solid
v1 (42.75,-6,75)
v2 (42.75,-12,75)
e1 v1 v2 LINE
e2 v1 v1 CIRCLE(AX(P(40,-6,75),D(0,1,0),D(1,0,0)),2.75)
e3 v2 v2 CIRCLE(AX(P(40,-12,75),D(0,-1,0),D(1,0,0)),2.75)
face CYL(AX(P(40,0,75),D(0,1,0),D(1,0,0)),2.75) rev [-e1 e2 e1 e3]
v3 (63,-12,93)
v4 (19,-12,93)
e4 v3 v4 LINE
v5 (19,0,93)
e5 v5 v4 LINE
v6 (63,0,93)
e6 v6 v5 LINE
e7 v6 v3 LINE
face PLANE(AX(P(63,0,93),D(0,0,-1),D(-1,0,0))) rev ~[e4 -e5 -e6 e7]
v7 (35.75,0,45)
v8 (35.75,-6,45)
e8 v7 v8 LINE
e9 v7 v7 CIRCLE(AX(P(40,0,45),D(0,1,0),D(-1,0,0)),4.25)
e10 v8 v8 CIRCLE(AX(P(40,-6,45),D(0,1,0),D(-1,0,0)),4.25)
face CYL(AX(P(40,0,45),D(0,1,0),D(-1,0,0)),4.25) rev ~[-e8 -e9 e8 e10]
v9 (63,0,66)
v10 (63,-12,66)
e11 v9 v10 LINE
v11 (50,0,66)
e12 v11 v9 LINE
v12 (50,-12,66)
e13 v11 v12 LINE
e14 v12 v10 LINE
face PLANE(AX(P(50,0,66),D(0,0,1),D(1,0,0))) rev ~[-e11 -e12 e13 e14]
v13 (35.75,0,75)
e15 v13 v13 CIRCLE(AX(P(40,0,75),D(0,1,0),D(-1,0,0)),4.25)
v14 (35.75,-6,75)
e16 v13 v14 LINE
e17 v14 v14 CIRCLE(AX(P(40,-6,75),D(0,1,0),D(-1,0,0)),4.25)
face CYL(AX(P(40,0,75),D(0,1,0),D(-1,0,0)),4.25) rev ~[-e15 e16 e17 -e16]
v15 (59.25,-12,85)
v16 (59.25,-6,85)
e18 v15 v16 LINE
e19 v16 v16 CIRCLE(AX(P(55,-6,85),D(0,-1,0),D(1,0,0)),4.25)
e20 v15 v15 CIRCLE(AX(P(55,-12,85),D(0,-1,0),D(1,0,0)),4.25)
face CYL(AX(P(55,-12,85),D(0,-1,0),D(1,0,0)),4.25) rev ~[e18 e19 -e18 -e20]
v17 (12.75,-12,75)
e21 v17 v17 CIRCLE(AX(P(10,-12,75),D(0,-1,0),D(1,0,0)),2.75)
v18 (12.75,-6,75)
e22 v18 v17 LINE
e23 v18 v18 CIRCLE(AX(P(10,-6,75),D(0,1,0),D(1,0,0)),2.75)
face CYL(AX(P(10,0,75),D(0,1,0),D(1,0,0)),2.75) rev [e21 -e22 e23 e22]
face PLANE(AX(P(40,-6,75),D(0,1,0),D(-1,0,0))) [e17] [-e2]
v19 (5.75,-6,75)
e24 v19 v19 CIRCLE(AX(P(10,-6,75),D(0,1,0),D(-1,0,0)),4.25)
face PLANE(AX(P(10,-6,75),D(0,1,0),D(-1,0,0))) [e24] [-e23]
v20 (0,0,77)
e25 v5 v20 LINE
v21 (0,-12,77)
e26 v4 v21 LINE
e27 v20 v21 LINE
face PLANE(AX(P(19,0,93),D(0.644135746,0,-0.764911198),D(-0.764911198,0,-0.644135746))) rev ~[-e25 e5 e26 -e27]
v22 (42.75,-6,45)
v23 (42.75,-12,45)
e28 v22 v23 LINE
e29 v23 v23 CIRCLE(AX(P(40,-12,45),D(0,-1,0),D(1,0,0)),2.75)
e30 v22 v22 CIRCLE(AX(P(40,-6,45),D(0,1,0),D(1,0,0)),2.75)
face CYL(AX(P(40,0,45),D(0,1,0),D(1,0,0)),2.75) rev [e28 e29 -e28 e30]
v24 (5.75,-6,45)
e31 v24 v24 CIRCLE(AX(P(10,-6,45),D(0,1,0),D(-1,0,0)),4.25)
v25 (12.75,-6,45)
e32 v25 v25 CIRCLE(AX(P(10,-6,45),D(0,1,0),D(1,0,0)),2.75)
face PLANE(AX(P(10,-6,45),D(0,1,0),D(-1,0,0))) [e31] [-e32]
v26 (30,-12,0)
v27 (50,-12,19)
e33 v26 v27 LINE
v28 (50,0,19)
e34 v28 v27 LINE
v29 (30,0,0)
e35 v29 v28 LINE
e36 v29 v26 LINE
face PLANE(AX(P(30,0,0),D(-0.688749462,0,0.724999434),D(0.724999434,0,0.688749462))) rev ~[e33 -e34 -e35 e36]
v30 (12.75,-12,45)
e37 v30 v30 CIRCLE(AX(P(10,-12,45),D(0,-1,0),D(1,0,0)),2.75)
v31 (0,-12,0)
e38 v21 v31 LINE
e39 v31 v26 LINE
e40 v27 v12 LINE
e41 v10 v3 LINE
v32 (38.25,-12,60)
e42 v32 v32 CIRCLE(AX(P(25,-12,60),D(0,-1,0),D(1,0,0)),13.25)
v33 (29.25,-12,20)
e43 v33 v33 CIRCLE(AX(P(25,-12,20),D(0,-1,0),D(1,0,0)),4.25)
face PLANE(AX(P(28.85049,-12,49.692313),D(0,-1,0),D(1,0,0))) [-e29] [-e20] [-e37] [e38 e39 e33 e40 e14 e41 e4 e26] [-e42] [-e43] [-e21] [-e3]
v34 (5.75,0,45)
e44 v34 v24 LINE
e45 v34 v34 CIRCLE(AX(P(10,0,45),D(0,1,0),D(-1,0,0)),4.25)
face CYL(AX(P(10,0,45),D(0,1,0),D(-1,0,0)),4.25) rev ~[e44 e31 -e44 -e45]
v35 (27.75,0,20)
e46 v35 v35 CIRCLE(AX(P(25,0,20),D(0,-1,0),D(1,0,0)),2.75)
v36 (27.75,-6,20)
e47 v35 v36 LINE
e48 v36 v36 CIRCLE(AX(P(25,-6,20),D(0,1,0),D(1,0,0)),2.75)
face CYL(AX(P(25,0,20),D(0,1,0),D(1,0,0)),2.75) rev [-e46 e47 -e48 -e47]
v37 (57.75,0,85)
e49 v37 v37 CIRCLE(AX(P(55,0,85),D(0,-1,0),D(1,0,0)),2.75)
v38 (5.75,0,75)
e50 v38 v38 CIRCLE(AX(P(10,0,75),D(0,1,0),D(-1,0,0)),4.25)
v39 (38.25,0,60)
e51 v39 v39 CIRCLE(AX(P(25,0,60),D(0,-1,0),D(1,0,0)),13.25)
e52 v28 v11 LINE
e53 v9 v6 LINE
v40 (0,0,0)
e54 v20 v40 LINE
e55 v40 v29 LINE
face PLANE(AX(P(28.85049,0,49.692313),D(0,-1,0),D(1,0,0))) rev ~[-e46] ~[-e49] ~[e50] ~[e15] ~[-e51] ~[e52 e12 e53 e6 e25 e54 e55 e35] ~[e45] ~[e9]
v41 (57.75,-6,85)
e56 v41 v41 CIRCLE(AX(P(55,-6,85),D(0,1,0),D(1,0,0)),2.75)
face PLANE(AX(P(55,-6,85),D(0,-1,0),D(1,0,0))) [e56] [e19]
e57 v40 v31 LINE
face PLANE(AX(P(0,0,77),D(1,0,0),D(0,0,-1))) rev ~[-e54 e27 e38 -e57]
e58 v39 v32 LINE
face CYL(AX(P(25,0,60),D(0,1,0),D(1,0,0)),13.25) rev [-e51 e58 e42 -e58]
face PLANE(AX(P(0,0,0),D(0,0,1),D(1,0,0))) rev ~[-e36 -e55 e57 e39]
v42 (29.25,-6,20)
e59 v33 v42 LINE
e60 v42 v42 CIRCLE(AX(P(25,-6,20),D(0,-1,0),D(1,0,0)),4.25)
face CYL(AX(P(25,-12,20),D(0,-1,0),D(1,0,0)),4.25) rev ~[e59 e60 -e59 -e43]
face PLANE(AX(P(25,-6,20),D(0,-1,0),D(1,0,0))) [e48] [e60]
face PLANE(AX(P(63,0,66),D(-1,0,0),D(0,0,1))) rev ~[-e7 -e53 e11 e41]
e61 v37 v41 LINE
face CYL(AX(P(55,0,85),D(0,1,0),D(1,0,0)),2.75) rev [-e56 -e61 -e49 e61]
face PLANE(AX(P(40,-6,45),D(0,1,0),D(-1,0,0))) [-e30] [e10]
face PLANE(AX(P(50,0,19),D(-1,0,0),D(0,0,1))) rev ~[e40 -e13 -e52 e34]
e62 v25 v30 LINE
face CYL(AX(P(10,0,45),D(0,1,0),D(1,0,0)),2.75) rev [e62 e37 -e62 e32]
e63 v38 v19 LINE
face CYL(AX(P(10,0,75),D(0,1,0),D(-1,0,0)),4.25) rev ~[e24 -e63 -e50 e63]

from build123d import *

# Parameters (mm, degrees)
F0_R     = 2.75
F0_R_2   = 13.25
F1_DEPTH = 12
F2_R     = 4.25
F3_DEPTH = 6
F4_R     = 4.25
F5_DEPTH = 6


with BuildPart() as f1:
    # F0 (on Front) → F1 (new body)
    with BuildSketch(Plane.XZ):
        Polygon((19, 93), (0, 77), (0, 0), (30, 0), (50, 19), (50, 66), (63, 66), (63, 93), align=None)
        with Locations((25, 20)):
            Circle(F0_R, mode=Mode.SUBTRACT)
        with Locations((10, 45)):
            Circle(F0_R, mode=Mode.SUBTRACT)
        with Locations((40, 45)):
            Circle(F0_R, mode=Mode.SUBTRACT)
        with Locations((25, 60)):
            Circle(F0_R_2, mode=Mode.SUBTRACT)
        with Locations((10, 75)):
            Circle(F0_R, mode=Mode.SUBTRACT)
        with Locations((40, 75)):
            Circle(F0_R, mode=Mode.SUBTRACT)
        with Locations((55, 85)):
            Circle(F0_R, mode=Mode.SUBTRACT)
    extrude(amount=F1_DEPTH)

    # F2 (on face) → F3 (cut)
    with BuildSketch(Plane.XZ.offset(12)):
        with Locations((55, 85)):
            Circle(F2_R)
        with Locations((25, 20)):
            Circle(F2_R)
    extrude(amount=-F3_DEPTH, mode=Mode.SUBTRACT)

    # F4 (on face) → F5 (cut)
    with BuildSketch(Plane(origin=(0, 0, 0), x_dir=(-1, 0, 0), z_dir=(0, 1, 0))):
        with Locations((-10, 75)):
            Circle(F4_R)
        with Locations((-40, 75)):
            Circle(F4_R)
        with Locations((-40, 45)):
            Circle(F4_R)
        with Locations((-10, 45)):
            Circle(F4_R)
    extrude(amount=-F5_DEPTH, mode=Mode.SUBTRACT)


solid = f1.part
